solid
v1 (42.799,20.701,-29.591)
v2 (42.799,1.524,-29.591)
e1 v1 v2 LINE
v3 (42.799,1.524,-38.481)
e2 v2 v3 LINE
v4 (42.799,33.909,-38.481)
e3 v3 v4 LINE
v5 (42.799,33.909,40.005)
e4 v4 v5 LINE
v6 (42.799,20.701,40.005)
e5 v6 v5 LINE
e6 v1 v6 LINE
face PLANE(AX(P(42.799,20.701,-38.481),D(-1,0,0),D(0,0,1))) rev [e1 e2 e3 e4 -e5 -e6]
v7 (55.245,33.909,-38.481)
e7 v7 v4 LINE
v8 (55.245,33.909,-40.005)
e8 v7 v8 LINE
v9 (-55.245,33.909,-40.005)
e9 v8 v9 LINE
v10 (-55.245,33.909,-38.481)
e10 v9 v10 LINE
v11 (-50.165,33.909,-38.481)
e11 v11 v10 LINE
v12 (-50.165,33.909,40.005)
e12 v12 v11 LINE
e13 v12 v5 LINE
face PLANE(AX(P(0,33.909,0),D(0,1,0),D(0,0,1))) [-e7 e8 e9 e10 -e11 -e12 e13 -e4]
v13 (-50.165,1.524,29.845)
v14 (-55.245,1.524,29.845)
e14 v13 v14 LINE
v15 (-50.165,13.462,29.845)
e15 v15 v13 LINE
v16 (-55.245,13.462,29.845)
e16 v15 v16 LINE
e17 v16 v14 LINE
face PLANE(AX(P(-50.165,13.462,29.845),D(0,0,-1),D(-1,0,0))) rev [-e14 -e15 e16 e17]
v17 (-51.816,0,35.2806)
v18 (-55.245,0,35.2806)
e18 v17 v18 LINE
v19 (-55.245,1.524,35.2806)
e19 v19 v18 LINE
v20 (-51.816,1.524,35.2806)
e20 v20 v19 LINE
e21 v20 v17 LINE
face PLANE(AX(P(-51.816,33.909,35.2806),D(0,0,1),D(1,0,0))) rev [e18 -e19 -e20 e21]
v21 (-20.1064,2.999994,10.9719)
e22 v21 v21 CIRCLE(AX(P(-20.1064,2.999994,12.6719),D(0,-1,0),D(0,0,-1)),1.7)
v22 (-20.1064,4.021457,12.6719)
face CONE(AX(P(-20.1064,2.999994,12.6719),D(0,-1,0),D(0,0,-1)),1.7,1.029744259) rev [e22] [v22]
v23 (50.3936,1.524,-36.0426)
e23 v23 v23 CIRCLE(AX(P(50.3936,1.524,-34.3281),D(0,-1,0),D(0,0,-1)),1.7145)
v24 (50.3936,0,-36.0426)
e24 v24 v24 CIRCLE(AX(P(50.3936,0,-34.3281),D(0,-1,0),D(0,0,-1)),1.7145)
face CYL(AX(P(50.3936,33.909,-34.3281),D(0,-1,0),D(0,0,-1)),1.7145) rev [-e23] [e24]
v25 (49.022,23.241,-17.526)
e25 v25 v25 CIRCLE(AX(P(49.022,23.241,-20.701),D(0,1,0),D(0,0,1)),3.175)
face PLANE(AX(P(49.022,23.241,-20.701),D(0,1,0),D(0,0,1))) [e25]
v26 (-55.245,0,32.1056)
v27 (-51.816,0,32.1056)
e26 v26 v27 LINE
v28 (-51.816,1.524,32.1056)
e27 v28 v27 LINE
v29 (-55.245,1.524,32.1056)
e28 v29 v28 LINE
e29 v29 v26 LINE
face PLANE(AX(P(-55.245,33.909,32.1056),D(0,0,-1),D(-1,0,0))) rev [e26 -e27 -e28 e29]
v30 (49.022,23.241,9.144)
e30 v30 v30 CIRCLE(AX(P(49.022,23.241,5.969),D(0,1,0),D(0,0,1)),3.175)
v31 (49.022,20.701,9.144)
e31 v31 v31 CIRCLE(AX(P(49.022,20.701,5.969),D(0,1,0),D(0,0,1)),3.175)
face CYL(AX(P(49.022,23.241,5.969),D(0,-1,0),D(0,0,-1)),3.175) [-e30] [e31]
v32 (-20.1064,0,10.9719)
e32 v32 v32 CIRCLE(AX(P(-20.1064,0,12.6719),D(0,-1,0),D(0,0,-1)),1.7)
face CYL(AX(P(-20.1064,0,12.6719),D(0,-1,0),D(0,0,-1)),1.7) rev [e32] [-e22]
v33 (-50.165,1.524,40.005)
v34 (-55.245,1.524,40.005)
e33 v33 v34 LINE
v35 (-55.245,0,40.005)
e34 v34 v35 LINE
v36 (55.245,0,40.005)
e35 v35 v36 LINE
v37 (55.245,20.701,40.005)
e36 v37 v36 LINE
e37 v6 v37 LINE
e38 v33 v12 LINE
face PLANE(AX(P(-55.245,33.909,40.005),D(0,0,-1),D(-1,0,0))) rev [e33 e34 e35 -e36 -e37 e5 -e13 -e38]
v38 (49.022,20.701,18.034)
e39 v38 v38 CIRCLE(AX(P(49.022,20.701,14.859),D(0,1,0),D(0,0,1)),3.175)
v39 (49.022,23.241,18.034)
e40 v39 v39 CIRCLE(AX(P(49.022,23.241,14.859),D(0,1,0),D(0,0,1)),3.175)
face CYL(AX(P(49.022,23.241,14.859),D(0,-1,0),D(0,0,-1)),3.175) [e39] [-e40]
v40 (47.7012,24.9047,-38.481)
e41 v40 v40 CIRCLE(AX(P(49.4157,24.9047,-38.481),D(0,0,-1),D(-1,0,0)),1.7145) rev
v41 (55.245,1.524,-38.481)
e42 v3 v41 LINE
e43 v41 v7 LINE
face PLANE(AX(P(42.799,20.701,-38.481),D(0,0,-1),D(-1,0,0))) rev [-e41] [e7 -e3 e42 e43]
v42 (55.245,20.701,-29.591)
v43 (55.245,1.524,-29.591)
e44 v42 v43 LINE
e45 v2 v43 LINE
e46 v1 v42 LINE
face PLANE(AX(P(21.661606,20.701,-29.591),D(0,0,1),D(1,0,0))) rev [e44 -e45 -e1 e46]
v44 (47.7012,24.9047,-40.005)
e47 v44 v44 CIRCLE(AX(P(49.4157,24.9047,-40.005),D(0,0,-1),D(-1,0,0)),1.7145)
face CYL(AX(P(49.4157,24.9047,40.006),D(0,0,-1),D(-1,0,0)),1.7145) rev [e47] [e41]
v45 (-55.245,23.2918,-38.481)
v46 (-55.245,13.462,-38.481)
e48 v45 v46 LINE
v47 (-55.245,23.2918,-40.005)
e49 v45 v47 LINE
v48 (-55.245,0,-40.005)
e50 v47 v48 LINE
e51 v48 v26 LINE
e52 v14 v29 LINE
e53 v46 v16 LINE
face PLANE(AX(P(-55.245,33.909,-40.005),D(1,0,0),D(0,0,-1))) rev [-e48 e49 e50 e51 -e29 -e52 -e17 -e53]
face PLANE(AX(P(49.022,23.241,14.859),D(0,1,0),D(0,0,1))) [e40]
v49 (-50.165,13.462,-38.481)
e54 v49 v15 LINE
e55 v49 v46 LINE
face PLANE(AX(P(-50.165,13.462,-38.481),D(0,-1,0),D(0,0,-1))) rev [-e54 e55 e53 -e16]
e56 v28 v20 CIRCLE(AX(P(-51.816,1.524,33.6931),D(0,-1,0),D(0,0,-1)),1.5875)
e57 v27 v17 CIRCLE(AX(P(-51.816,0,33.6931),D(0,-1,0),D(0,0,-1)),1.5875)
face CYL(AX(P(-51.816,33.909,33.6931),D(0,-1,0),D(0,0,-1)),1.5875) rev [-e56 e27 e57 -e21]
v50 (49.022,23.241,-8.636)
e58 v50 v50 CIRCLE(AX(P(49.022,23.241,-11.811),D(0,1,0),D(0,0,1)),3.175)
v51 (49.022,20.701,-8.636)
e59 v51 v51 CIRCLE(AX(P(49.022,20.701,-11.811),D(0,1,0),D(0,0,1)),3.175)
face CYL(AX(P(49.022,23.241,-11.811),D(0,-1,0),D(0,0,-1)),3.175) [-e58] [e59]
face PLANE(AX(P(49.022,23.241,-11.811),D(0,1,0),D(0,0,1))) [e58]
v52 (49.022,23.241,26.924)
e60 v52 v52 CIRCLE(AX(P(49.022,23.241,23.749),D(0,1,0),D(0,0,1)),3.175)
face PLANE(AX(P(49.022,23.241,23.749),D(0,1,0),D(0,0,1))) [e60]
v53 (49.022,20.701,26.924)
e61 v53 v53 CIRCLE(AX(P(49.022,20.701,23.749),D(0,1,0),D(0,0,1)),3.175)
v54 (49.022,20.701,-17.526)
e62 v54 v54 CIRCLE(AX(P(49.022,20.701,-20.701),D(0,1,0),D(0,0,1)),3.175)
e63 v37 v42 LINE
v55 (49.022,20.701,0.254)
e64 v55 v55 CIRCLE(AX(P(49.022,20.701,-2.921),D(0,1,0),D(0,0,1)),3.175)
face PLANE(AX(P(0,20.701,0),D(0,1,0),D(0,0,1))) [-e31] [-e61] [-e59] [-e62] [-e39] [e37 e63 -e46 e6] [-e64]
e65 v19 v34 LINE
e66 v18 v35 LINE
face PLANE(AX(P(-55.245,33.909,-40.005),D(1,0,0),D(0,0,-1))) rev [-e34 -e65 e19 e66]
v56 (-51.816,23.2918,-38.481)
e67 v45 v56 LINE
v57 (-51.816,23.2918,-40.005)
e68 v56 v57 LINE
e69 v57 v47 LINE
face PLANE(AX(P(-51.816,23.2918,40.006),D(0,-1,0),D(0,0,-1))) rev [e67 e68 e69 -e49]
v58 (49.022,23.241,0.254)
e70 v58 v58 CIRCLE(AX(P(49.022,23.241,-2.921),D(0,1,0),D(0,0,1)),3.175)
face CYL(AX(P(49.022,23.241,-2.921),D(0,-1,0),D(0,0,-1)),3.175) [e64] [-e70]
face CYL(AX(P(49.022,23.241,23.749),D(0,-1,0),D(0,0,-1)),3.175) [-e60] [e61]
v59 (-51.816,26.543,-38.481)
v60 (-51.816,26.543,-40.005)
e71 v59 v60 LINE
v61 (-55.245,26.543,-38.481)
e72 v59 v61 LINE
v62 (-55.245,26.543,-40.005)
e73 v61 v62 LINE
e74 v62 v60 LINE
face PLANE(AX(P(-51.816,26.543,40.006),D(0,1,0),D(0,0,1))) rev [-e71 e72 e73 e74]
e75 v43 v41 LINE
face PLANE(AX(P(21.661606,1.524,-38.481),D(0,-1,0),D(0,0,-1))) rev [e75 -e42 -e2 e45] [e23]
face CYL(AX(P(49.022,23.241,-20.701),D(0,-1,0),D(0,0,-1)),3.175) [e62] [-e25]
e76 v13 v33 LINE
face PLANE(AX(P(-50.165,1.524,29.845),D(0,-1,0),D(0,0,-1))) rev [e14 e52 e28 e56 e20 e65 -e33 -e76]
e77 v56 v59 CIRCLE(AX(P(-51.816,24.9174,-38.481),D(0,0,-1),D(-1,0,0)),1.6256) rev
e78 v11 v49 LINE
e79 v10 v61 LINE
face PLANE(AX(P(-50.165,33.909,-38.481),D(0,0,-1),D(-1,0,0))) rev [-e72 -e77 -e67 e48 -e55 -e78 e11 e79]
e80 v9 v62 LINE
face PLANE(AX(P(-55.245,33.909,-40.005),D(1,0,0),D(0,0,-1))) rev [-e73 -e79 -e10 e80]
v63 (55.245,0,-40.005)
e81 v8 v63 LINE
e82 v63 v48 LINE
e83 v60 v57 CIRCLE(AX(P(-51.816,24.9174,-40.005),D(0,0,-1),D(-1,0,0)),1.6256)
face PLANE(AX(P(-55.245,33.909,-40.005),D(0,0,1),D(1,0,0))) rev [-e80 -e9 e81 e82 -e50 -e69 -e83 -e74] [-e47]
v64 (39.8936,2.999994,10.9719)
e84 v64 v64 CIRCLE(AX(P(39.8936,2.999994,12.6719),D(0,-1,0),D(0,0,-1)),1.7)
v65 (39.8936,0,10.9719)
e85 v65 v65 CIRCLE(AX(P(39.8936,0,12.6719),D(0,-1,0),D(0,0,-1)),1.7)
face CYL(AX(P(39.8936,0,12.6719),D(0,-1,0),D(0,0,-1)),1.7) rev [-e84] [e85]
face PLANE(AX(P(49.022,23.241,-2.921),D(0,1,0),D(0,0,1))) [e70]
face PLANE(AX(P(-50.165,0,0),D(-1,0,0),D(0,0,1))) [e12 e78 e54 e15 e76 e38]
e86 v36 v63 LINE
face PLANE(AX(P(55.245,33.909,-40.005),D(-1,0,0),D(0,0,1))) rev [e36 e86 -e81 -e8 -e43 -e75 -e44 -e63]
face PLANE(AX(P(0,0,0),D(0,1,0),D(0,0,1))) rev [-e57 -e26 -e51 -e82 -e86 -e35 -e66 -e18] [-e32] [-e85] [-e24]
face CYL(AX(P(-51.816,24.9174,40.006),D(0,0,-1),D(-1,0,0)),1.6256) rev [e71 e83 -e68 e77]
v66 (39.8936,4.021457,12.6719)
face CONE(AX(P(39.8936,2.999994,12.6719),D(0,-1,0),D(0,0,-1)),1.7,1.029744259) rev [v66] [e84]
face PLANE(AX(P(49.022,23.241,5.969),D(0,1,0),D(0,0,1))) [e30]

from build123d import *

# Parameters (mm, degrees)
SKETCH1_W                = 110.49
SKETCH1_H                = 80.01
BOSS_EXTRUDE1_DEPTH      = 33.909
SKETCH2_W                = 12.446
SKETCH2_H                = 78.486
CUT_EXTRUDE1_DEPTH       = 13.208
SKETCH3_W                = 8.89
SKETCH3_H                = 19.177
CUT_EXTRUDE2_DEPTH       = 12.446
CUT_EXTRUDE5_DEPTH       = 5.08
CUT_EXTRUDE3_REACH       = 104.973
SKETCH4_R                = 1.7145
SKETCH5_R                = 1.7145
CUT_EXTRUDE4_DEPTH       = 77.172372492
SKETCH8_R                = 3.175
BOSS_EXTRUDE2_DEPTH      = 2.54
LPATTERN1_COUNT          = 6
LPATTERN1_PITCH          = 8.89
M3_CLEARANCE_HOLE1_D     = 3.4
M3_CLEARANCE_HOLE1_DEPTH = 2.999994
M3_CLEARANCE_HOLE1_TIP   = 1.021463052


with BuildPart() as part:
    # Sketch1 → Boss-Extrude1 (new body)
    with BuildSketch(Plane(origin=(0, 0, 0), x_dir=(1, 0, 0), z_dir=(0, 1, 0))):
        Rectangle(SKETCH1_W, SKETCH1_H)
    extrude(amount=BOSS_EXTRUDE1_DEPTH)

    # Sketch2 → Cut-Extrude1 (cut)
    with BuildSketch(Plane(origin=(0, 33.909, 0), x_dir=(1, 0, 0), z_dir=(0, 1, 0))):
        with Locations((49.022, -0.762)):
            Rectangle(SKETCH2_W, SKETCH2_H)
    extrude(amount=-CUT_EXTRUDE1_DEPTH, mode=Mode.SUBTRACT)

    # Sketch3 → Cut-Extrude2 (cut)
    with BuildSketch(Plane(origin=(55.245, 0, 0), x_dir=(0, 0, -1), z_dir=(1, 0, 0))):
        with Locations((34.036, 11.1125)):
            Rectangle(SKETCH3_W, SKETCH3_H)
    extrude(amount=-CUT_EXTRUDE2_DEPTH, mode=Mode.SUBTRACT)

    # Sketch6 → Cut-Extrude5 (cut)
    with BuildSketch(Plane.ZY.offset(55.245)):
        Polygon((-38.481, 33.909), (40.005, 33.909), (40.005, 1.524), (29.845, 1.524), (29.845, 13.462), (-38.481, 13.462), align=None)
    extrude(amount=-CUT_EXTRUDE5_DEPTH, mode=Mode.SUBTRACT)

    # Sketch4 → Cut-Extrude3 (cut, up to next)
    with BuildSketch(Plane(origin=(0, 0, -40.005), x_dir=(-1, 0, 0), z_dir=(0, 0, -1)), mode=Mode.PRIVATE) as cut_extrude3_sk1:
        with Locations((-49.4157, 24.9047)):
            Circle(SKETCH4_R)
    cut_extrude3_tool1 = extrude(cut_extrude3_sk1.sketch, amount=-CUT_EXTRUDE3_REACH, mode=Mode.PRIVATE) & part.part
    # Sketch4 → Cut-Extrude3 (cut, up to next)
    with BuildSketch(Plane(origin=(0, 0, -40.005), x_dir=(-1, 0, 0), z_dir=(0, 0, -1)), mode=Mode.PRIVATE) as cut_extrude3_sk2:
        with BuildLine():
            Line((51.816, 26.543), (55.245, 26.543))
            Line((55.245, 26.543), (55.245, 23.2918))
            Line((55.245, 23.2918), (51.816, 23.2918))
            ThreePointArc((51.816, 23.2918), (50.1904, 24.9174), (51.816, 26.543))
        make_face()
    cut_extrude3_tool2 = extrude(cut_extrude3_sk2.sketch, amount=-CUT_EXTRUDE3_REACH, mode=Mode.PRIVATE) & part.part
    add(cut_extrude3_tool1.solids().sort_by_distance((49.4157, 24.9047, -40.005))[0], mode=Mode.SUBTRACT)
    add(cut_extrude3_tool2.solids().sort_by_distance((-52.878141, 24.9174, -40.005))[0], mode=Mode.SUBTRACT)

    # Sketch5 → Cut-Extrude4 (cut, through all)
    with BuildSketch(Plane(origin=(0, 0, 0), x_dir=(-1, 0, 0), z_dir=(0, -1, 0))):
        with Locations(Location((-50.3936, 34.3281, 0), (0, 0, 90))):
            Circle(SKETCH5_R)
        with BuildLine():
            Line((51.816, -35.2806), (55.245, -35.2806))
            Line((55.245, -35.2806), (55.245, -32.1056))
            Line((55.245, -32.1056), (51.816, -32.1056))
            ThreePointArc((51.816, -32.1056), (50.2285, -33.6931), (51.816, -35.2806))
        make_face()
    extrude(amount=-CUT_EXTRUDE4_DEPTH, mode=Mode.SUBTRACT)

    # Sketch8 → Boss-Extrude2 (add)
    with BuildSketch(Plane(origin=(0, 20.701, 0), x_dir=(1, 0, 0), z_dir=(0, 1, 0))):
        with Locations(Location((49.022, 20.701, 0), (0, 0, 270))):
            Circle(SKETCH8_R)
    boss_extrude2 = extrude(amount=BOSS_EXTRUDE2_DEPTH)

    # LPattern1: Boss-Extrude2 ×6
    with Locations(*[(0, 0, i * LPATTERN1_PITCH) for i in range(1, LPATTERN1_COUNT)]):
        add(boss_extrude2)

    # M3 Clearance Hole1
    with Locations(Plane(origin=(0, 0, 0), x_dir=(-1, 0, 0), z_dir=(0, -1, 0))):
        with Locations((-39.8936, -12.6719), (20.1064, -12.6719)):
            Hole(M3_CLEARANCE_HOLE1_D / 2, depth=M3_CLEARANCE_HOLE1_DEPTH)
            with Locations((0, 0, -(M3_CLEARANCE_HOLE1_DEPTH + M3_CLEARANCE_HOLE1_TIP / 2))):  # 118° drill point
                Cone(0, M3_CLEARANCE_HOLE1_D / 2, M3_CLEARANCE_HOLE1_TIP, mode=Mode.SUBTRACT)


solid = part.part
